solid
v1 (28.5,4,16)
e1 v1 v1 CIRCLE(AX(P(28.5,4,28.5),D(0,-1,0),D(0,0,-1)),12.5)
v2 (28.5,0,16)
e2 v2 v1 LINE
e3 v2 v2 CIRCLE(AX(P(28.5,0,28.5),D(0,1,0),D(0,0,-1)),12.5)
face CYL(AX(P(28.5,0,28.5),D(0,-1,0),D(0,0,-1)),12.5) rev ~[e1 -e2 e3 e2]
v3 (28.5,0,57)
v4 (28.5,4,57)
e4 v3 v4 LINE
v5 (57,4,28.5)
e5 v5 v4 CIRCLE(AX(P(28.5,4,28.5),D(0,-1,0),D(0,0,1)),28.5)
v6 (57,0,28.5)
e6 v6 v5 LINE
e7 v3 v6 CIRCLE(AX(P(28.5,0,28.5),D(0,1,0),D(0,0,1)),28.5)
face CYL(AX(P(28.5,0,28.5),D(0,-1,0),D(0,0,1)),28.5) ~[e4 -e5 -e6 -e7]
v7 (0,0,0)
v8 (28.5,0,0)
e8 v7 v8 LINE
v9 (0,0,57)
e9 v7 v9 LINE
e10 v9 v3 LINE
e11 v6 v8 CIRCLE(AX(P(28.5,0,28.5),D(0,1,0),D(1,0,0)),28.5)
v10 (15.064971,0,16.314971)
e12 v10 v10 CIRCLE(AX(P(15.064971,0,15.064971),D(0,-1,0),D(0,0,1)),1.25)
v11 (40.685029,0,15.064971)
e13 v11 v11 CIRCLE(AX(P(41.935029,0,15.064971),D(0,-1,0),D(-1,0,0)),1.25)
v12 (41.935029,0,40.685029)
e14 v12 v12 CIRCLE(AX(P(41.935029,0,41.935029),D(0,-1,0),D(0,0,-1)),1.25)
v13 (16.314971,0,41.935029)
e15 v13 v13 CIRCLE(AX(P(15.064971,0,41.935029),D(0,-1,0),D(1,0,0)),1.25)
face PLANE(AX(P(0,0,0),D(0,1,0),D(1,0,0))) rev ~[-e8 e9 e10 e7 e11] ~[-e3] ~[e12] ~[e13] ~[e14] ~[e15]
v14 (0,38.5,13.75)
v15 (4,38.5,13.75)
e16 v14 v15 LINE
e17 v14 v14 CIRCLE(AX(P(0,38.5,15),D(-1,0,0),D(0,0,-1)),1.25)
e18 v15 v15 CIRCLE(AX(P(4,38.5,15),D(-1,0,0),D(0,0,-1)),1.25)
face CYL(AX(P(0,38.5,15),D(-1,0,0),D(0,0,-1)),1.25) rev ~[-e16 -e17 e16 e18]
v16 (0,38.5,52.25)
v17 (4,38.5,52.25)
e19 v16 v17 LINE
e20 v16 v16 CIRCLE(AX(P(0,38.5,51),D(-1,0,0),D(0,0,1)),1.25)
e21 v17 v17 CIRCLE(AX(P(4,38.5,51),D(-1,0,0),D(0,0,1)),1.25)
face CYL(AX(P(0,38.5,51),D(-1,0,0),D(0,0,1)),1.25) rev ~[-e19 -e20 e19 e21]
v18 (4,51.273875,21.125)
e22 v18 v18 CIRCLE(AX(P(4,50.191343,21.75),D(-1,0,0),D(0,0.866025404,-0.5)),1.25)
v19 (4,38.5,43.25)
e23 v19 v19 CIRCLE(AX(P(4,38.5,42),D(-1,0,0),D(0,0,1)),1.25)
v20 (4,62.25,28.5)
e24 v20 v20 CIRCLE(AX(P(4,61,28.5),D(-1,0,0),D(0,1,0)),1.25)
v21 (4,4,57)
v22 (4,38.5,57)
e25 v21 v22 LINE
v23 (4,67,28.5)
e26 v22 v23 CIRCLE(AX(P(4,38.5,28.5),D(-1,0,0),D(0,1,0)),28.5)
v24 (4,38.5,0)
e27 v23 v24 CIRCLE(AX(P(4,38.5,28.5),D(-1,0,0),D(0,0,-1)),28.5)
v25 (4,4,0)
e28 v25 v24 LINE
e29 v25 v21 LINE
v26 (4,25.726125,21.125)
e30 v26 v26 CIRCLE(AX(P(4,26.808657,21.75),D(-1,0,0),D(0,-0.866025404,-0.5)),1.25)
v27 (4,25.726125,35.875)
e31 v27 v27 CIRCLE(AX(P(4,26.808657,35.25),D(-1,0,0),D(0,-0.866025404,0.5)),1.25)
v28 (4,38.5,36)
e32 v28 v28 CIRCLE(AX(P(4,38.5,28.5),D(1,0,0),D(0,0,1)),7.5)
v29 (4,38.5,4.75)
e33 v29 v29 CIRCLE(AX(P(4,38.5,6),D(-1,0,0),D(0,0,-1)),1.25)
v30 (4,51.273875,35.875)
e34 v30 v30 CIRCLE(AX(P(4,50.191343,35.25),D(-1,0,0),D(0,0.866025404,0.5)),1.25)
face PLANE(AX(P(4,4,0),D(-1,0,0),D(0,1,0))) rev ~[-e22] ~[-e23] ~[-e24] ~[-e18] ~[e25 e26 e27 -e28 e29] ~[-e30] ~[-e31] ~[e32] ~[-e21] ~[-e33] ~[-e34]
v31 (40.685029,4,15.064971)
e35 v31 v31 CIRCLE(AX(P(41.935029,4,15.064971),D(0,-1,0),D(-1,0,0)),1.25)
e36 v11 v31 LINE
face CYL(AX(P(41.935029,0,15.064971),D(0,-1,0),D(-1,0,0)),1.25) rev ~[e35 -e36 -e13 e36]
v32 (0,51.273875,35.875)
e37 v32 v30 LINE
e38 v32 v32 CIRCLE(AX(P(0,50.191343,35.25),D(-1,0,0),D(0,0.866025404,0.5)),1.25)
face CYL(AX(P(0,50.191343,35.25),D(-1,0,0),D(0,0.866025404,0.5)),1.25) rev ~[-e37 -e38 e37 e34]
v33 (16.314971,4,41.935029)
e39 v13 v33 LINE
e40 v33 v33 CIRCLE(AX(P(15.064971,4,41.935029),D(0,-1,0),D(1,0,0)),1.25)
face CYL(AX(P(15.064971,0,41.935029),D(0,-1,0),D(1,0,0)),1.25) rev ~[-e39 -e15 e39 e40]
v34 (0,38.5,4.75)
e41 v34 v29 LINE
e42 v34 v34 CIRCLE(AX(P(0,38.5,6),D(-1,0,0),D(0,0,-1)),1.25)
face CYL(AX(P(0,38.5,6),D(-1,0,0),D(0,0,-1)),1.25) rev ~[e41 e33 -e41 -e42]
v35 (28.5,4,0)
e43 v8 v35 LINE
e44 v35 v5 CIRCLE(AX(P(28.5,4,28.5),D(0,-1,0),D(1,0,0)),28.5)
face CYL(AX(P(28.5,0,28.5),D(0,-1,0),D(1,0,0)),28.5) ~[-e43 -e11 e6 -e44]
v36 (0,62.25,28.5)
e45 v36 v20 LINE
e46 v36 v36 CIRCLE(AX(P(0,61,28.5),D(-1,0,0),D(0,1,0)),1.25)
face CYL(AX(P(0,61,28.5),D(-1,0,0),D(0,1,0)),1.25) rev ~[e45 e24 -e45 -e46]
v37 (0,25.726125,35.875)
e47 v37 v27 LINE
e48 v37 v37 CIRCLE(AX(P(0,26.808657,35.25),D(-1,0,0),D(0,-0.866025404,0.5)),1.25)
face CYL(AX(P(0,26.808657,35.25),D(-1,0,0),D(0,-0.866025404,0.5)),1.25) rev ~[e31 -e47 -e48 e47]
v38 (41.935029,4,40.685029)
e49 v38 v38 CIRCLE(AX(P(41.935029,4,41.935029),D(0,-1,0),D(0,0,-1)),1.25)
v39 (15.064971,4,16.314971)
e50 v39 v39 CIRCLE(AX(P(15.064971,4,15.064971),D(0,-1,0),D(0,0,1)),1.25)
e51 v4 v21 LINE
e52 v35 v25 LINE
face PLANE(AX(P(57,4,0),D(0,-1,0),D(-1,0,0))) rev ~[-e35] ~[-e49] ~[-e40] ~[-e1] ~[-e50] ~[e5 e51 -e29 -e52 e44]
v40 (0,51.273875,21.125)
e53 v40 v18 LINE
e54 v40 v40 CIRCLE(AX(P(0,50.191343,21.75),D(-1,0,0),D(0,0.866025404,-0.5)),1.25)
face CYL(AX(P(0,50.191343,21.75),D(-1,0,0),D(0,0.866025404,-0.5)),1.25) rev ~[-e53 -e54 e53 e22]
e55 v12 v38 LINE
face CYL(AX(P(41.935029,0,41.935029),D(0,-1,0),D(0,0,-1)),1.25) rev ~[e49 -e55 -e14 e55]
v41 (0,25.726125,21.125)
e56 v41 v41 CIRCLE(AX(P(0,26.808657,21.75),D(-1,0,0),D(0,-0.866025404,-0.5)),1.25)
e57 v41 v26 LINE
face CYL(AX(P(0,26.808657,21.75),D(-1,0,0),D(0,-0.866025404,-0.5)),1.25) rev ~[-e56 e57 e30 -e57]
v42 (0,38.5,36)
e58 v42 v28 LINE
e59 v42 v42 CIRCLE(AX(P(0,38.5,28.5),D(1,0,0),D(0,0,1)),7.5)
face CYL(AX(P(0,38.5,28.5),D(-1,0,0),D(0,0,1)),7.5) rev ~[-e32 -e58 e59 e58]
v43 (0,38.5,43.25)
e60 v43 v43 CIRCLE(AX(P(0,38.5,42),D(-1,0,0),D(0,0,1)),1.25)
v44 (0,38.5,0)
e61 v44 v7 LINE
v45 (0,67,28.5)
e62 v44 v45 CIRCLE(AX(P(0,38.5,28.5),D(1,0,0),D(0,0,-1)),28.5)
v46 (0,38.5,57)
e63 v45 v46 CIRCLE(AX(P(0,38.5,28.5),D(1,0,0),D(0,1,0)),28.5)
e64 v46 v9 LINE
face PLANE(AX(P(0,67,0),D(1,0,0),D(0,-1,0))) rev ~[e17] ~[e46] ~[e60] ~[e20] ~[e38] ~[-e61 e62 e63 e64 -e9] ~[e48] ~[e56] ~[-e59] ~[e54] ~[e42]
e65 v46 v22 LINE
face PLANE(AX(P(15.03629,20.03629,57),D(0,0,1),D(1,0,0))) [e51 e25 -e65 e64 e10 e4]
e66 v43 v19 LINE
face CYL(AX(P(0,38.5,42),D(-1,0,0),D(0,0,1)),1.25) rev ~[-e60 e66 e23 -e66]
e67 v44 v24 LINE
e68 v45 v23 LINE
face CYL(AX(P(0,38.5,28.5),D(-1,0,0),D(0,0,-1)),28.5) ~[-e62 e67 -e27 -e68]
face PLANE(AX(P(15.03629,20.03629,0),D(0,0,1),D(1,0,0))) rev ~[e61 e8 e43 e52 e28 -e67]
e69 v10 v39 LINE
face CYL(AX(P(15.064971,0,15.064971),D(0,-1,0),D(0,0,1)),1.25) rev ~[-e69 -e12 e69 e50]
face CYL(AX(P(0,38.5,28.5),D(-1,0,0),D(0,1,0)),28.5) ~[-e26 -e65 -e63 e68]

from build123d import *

# Parameters (mm, degrees)
EXTRUDE_1_DEPTH          = 57
CUT_EXTRUDE_1_DEPTH      = 57
CUT_EXTRUDE_2_DEPTH      = 57
SKETCH_5_R               = 7.5
SKETCH_5_R_2             = 1.25
CUT_EXTRUDE_3_DEPTH      = 57
PATTERN_CIRCULAR_1_COUNT = 6
SKETCH_6_R               = 12.5
SKETCH_6_R_2             = 1.25
CUT_EXTRUDE_4_DEPTH      = 57
PATTERN_CIRCULAR_2_COUNT = 4
SKETCH_7_R               = 1.25
CUT_EXTRUDE_5_DEPTH      = 10
PATTERN_CIRCULAR_3_COUNT = 3
PATTERN_CIRCULAR_3_ANGLE = 180


with BuildPart() as part:
    # 草图1 → 凸台-拉伸1 (new body)
    with BuildSketch(Plane.XY):
        Polygon((0, 67), (0, 0), (57, 0), (57, 4), (4, 4), (4, 67), align=None)
    extrude(amount=EXTRUDE_1_DEPTH)

    # 草图3 → 切除-拉伸1 (cut)
    with BuildSketch(Plane.XZ):
        with BuildLine():
            Line((57, 57), (28.5, 57))
            ThreePointArc((28.5, 57), (48.652543264, 48.652543264), (57, 28.5))
            Line((57, 28.5), (57, 57))
        make_face()
        with BuildLine():
            ThreePointArc((57, 28.5), (48.652543264, 8.347456736), (28.5, 0))
            Line((28.5, 0), (57, 0))
            Line((57, 0), (57, 28.5))
        make_face()
    extrude(amount=-CUT_EXTRUDE_1_DEPTH, mode=Mode.SUBTRACT)

    # 草图4 → 切除-拉伸2 (cut)
    with BuildSketch(Plane.ZY):
        with BuildLine():
            Line((57, 67), (28.5, 67))
            ThreePointArc((28.5, 67), (48.652543264, 58.652543264), (57, 38.5))
            Line((57, 38.5), (57, 67))
        make_face()
        with BuildLine():
            Line((28.5, 67), (0, 67))
            Line((0, 67), (0, 38.5))
            ThreePointArc((0, 38.5), (8.347456736, 58.652543264), (28.5, 67))
        make_face()
    extrude(amount=-CUT_EXTRUDE_2_DEPTH, mode=Mode.SUBTRACT)

    # 草图5 → 切除-拉伸3 (cut)
    with BuildSketch(Plane.ZY):
        with Locations((28.5, 38.5)):
            Circle(SKETCH_5_R)
        with Locations((42, 38.5)):
            Circle(SKETCH_5_R_2)
    cut_extrude_3 = extrude(amount=-CUT_EXTRUDE_3_DEPTH, mode=Mode.SUBTRACT)

    # 阵列(圆周)1: 切除-拉伸3 ×6 about axis
    pattern_circular_1_axis = Axis((0, 38.5, 28.5), (1, 0, 0))
    for i in range(1, PATTERN_CIRCULAR_1_COUNT):
        add(cut_extrude_3.rotate(pattern_circular_1_axis, i * 360 / PATTERN_CIRCULAR_1_COUNT), mode=Mode.SUBTRACT)

    # 草图6 → 切除-拉伸4 (cut)
    with BuildSketch(Plane.XZ):
        with Locations(Location((28.5, 28.5, 0), (0, 0, 270))):
            Circle(SKETCH_6_R)
        with Locations(Location((41.935028843, 41.935028843, 0), (0, 0, 270))):
            Circle(SKETCH_6_R_2)
    cut_extrude_4 = extrude(amount=-CUT_EXTRUDE_4_DEPTH, mode=Mode.SUBTRACT)

    # 阵列(圆周)2: 切除-拉伸4 ×4 about axis
    pattern_circular_2_axis = Axis((28.5, 0, 28.5), (0, 1, 0))
    for i in range(1, PATTERN_CIRCULAR_2_COUNT):
        add(cut_extrude_4.rotate(pattern_circular_2_axis, i * 360 / PATTERN_CIRCULAR_2_COUNT), mode=Mode.SUBTRACT)

    # 草图7 → 切除-拉伸5 (cut)
    with BuildSketch(Plane.ZY):
        with Locations((51, 38.5)):
            Circle(SKETCH_7_R)
    cut_extrude_5 = extrude(amount=-CUT_EXTRUDE_5_DEPTH, mode=Mode.SUBTRACT)

    # 阵列(圆周)3: 切除-拉伸5 ×3 about axis
    pattern_circular_3_axis = Axis((0, 38.5, 28.5), (-1, 0, 0))
    for i in range(1, PATTERN_CIRCULAR_3_COUNT):
        add(cut_extrude_5.rotate(pattern_circular_3_axis, i * PATTERN_CIRCULAR_3_ANGLE / (PATTERN_CIRCULAR_3_COUNT - 1)), mode=Mode.SUBTRACT)


solid = part.part
